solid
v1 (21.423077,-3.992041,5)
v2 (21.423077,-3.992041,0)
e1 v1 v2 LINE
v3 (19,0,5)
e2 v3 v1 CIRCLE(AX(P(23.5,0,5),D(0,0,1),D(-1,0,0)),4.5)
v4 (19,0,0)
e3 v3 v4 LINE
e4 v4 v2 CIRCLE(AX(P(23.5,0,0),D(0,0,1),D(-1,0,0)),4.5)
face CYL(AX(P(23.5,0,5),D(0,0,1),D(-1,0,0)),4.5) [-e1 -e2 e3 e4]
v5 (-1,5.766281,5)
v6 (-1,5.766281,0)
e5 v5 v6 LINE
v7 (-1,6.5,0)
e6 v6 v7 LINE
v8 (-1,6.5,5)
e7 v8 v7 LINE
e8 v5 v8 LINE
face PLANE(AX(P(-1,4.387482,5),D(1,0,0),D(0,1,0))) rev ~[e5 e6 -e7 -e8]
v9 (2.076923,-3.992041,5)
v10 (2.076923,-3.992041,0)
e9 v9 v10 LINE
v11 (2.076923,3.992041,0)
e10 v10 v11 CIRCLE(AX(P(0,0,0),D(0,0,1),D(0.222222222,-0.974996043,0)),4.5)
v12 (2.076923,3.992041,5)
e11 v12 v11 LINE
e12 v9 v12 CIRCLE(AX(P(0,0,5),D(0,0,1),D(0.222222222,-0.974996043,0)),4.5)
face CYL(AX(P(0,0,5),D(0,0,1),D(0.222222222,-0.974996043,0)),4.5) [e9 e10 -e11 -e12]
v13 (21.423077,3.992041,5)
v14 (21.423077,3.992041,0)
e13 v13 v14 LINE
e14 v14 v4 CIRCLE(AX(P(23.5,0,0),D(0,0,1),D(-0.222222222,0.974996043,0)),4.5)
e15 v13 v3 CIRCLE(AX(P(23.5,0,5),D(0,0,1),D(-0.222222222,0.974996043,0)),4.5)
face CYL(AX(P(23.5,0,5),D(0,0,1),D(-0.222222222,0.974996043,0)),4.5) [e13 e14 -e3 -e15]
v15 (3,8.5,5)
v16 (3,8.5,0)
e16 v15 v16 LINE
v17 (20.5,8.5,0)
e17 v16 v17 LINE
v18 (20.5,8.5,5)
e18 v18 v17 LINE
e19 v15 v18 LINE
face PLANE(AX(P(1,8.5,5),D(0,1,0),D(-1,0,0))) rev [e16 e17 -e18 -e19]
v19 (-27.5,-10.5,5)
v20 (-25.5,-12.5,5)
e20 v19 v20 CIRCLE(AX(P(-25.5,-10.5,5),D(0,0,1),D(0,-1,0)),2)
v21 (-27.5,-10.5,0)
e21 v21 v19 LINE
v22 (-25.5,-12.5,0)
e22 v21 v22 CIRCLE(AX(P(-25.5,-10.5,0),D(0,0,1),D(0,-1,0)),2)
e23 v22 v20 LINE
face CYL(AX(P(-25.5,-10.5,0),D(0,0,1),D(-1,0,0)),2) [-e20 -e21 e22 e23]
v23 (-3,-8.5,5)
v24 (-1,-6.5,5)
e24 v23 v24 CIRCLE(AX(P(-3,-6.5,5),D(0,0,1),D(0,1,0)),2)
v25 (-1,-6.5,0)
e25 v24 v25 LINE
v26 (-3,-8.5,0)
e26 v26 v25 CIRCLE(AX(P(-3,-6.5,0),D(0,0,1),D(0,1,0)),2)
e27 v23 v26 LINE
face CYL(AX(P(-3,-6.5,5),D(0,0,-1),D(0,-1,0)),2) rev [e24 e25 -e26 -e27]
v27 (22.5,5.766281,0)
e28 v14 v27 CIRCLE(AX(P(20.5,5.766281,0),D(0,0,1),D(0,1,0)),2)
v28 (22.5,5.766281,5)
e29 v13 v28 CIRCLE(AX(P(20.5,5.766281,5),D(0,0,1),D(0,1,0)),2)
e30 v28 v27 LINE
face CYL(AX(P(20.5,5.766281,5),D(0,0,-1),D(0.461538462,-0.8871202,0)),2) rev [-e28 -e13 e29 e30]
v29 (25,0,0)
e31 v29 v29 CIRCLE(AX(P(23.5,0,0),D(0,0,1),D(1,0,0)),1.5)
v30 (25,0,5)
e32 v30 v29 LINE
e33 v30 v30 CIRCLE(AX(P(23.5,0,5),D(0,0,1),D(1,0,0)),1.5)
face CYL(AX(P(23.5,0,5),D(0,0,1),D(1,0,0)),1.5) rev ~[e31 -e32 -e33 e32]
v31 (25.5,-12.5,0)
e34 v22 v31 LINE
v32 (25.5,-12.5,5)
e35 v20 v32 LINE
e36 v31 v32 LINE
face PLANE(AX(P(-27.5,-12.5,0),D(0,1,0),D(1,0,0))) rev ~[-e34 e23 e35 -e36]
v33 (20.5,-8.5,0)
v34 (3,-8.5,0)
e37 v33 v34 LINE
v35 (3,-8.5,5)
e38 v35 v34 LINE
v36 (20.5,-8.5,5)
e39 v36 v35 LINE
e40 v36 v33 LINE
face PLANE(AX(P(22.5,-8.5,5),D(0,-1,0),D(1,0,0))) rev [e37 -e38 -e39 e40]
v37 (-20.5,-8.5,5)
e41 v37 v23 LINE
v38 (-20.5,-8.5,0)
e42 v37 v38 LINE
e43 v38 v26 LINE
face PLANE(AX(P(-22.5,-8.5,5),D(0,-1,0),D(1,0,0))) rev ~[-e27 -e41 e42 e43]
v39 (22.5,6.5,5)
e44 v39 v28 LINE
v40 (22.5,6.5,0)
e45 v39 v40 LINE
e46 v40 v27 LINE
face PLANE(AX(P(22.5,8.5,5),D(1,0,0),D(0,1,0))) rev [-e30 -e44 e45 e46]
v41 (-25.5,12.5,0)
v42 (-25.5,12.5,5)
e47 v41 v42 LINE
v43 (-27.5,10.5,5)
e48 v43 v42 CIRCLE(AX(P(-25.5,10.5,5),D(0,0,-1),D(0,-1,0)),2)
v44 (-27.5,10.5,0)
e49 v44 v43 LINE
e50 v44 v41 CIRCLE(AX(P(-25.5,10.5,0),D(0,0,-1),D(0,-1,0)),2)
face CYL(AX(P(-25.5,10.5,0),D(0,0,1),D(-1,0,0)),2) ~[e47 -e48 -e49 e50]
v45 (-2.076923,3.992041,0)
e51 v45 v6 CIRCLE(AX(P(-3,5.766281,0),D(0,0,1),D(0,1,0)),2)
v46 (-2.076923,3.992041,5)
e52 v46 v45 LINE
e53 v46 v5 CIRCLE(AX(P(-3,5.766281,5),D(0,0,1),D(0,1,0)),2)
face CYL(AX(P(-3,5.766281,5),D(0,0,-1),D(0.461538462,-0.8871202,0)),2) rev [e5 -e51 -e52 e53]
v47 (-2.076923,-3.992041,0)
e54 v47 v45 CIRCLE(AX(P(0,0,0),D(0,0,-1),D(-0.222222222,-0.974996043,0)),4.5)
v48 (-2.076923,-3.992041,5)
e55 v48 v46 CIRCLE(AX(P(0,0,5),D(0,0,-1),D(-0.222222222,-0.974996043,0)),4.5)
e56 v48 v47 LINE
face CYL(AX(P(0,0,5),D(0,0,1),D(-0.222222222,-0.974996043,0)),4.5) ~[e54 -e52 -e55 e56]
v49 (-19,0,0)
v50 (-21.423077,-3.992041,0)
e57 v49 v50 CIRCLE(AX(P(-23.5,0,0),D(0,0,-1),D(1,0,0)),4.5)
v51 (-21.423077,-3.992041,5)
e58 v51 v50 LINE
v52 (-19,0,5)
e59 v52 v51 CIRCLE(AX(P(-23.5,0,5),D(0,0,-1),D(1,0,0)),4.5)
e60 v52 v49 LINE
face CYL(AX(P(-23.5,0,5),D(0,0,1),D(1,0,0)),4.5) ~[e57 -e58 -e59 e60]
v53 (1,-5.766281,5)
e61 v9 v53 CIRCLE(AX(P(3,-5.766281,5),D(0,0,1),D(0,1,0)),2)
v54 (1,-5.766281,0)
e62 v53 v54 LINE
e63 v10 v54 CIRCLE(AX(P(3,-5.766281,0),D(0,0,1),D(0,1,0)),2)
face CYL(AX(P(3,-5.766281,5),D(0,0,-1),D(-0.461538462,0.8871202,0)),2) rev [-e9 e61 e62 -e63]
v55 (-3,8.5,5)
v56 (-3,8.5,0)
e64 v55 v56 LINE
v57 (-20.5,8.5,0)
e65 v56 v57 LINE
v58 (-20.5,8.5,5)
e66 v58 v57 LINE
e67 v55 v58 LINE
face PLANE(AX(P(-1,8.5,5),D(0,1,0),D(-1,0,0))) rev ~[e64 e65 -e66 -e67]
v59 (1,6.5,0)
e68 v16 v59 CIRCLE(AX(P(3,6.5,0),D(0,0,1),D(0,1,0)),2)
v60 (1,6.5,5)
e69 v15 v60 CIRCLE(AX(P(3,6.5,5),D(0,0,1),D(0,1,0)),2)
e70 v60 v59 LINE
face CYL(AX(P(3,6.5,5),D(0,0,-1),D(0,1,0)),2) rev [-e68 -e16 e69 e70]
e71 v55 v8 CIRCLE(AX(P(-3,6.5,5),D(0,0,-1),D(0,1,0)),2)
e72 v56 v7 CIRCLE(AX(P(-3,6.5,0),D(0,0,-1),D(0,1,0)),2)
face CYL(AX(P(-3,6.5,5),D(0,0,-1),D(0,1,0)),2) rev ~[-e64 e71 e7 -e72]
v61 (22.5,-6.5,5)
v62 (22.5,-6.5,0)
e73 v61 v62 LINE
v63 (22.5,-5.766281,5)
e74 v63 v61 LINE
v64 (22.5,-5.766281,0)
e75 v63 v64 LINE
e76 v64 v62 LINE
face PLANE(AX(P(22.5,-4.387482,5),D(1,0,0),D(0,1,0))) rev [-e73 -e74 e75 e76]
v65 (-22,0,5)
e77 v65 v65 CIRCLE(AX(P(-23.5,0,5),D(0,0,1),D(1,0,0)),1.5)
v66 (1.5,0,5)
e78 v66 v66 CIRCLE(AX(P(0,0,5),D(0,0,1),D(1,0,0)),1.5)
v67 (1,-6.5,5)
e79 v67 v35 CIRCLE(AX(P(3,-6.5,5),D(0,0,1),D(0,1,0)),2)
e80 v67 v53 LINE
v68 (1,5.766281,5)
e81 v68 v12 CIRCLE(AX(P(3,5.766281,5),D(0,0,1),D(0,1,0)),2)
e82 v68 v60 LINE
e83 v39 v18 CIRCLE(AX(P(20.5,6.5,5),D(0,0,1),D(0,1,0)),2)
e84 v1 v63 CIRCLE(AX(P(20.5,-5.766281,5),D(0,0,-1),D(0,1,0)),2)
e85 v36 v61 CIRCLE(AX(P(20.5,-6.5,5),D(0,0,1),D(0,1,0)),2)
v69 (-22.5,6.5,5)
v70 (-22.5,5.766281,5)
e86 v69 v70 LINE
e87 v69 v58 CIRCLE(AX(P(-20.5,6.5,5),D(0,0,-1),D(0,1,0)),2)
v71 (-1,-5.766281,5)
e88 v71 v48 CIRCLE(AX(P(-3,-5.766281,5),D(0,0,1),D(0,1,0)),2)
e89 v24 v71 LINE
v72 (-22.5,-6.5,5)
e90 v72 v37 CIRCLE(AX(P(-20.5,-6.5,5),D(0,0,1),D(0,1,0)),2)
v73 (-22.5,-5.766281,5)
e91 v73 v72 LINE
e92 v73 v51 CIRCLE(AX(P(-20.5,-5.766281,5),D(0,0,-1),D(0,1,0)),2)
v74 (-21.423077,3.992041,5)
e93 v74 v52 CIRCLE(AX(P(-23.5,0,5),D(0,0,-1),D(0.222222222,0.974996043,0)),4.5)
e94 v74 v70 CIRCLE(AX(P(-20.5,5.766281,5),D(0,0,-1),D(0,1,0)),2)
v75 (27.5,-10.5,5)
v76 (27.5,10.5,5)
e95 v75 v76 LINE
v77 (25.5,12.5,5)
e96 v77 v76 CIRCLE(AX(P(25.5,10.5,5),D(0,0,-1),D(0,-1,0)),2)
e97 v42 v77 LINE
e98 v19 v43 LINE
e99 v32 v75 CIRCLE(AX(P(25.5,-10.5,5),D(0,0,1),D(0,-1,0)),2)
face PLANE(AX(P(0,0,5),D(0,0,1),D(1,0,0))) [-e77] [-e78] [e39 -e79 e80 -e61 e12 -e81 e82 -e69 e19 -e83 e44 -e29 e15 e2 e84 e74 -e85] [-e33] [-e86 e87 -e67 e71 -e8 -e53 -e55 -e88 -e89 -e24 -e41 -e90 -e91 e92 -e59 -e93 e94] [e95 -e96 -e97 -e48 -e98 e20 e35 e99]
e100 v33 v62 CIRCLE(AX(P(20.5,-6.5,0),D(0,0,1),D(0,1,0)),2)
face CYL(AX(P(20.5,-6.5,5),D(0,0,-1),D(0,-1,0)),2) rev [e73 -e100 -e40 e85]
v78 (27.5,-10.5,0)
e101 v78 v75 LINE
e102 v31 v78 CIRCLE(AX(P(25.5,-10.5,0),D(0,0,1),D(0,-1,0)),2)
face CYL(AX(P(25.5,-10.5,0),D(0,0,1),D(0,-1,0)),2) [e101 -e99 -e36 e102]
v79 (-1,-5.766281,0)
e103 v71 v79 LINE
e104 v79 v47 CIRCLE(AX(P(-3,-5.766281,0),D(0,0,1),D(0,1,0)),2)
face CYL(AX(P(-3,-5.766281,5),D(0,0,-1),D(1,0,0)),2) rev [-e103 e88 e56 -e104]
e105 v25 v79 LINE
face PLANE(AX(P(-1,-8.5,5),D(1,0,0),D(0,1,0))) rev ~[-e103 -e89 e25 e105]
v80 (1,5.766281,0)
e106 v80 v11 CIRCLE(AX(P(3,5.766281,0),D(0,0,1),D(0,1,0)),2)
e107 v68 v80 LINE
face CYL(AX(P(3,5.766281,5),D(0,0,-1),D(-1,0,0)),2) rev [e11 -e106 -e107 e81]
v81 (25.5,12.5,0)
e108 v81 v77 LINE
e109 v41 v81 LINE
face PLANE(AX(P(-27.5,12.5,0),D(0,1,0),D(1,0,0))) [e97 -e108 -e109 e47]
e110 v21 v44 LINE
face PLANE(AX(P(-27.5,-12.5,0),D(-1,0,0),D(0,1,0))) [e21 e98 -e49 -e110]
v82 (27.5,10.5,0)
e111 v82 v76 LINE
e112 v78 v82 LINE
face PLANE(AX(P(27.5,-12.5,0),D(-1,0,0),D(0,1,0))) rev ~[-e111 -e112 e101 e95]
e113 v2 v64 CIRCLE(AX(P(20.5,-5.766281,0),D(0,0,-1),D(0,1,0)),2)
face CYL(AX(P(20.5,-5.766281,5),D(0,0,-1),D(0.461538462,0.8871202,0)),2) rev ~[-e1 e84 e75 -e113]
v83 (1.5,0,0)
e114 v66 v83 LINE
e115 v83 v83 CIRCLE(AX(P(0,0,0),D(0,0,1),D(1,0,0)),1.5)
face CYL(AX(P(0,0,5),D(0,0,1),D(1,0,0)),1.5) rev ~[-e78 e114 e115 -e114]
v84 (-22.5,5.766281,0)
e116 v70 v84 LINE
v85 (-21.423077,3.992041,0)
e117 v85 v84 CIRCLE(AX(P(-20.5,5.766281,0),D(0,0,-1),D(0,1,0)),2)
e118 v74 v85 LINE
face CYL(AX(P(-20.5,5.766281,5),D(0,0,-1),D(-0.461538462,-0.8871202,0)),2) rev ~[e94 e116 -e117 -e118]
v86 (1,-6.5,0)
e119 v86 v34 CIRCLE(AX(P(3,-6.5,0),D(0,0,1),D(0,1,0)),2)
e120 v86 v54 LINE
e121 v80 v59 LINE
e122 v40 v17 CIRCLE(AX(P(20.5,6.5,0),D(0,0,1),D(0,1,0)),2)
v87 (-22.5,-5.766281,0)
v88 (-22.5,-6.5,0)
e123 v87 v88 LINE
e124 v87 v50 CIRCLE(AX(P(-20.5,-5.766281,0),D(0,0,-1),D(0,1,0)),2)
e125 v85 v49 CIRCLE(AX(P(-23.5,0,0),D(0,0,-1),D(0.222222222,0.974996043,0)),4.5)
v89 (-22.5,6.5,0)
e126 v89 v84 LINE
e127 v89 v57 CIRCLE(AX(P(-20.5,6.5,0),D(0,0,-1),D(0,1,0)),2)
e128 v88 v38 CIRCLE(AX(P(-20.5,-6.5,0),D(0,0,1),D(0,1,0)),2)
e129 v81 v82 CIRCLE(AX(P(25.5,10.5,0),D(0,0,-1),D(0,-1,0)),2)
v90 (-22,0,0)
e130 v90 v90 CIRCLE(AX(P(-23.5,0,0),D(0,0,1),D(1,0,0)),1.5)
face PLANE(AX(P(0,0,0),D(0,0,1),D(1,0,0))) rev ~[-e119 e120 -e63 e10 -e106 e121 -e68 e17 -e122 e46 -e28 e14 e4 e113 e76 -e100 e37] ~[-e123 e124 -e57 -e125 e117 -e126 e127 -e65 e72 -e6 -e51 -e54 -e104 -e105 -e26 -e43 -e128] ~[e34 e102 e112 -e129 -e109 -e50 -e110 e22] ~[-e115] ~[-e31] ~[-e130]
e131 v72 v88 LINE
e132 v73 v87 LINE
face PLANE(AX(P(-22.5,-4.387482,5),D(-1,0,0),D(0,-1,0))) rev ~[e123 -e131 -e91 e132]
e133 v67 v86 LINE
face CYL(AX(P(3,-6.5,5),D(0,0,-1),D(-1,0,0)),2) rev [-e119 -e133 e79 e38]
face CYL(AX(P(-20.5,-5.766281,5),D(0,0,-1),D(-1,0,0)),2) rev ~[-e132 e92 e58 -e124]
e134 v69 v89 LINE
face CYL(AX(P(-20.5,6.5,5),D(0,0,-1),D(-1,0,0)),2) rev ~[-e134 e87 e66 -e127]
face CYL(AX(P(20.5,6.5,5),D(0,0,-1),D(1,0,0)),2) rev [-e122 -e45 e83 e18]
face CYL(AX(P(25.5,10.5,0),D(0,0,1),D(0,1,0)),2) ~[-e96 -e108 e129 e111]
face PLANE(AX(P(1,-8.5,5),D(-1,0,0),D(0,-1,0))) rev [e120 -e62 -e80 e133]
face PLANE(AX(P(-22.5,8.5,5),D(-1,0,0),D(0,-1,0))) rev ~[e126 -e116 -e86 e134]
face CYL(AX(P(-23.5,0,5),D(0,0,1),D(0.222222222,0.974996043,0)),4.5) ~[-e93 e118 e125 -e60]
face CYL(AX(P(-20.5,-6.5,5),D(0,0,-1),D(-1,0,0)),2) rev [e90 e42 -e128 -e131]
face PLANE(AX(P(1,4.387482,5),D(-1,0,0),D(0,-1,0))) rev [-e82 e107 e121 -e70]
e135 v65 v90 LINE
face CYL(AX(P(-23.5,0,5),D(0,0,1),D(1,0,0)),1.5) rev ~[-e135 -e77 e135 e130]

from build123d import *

# Parameters (mm, degrees)
SKETCH_1_W          = 55
SKETCH_1_H          = 25
EXTRUDE_1_DEPTH     = 5
SKETCH_2_R          = 1.5
CUT_EXTRUDE_1_DEPTH = 5
CUT_EXTRUDE_2_DEPTH = 5
FILLET_1_R          = 2
FILLET_2_R          = 2


with BuildPart() as part:
    # 草图1 → 凸台-拉伸1 (new body)
    with BuildSketch(Plane.XY):
        Rectangle(SKETCH_1_W, SKETCH_1_H)
    extrude(amount=EXTRUDE_1_DEPTH)

    # 草图2 → 切除-拉伸1 (cut)
    with BuildSketch(Plane.XY.offset(5)):
        with Locations((-23.5, 0)):
            Circle(SKETCH_2_R)
        Circle(SKETCH_2_R)
        with Locations((23.5, 0)):
            Circle(SKETCH_2_R)
    extrude(amount=-CUT_EXTRUDE_1_DEPTH, mode=Mode.SUBTRACT)

    # 草图3 → 切除-拉伸2 (cut)
    with BuildSketch(Plane.XY.offset(5)):
        with BuildLine():
            Line((-22.5, -4.387482194), (-22.5, -8.5))
            Line((-22.5, -8.5), (-1, -8.5))
            Line((-1, -8.5), (-1, -4.387482194))
            ThreePointArc((-1, -4.387482194), (-4.5, 0), (-1, 4.387482194))
            Line((-1, 4.387482194), (-1, 8.5))
            Line((-1, 8.5), (-22.5, 8.5))
            Line((-22.5, 8.5), (-22.5, 4.387482194))
            ThreePointArc((-22.5, 4.387482194), (-19.98218818, 2.80624304), (-19, 0))
            ThreePointArc((-19, 0), (-19.98218818, -2.80624304), (-22.5, -4.387482194))
        make_face()
    cut_extrude_2 = extrude(amount=-CUT_EXTRUDE_2_DEPTH, mode=Mode.SUBTRACT)

    # 镜向2: 切除-拉伸2 across plane
    add(cut_extrude_2.mirror(Plane(origin=(0, 0, 0), x_dir=(0, 0, 1), z_dir=(1, 0, 0))), mode=Mode.SUBTRACT)

    # 圆角1
    fillet_1_edges = [part.edges().sort_by_distance(p)[0] for p in [
        (-1, 4.387482194, 2.5),
        (-1, -4.387482194, 2.5),
        (-1, -8.5, 2.5),
        (-22.5, -8.5, 2.5),
        (-22.5, -4.387482194, 2.5),
        (-22.5, 4.387482194, 2.5),
        (-22.5, 8.5, 2.5),
        (-1, 8.5, 2.5),
        (1, -4.387482194, 2.5),
        (1, 4.387482194, 2.5),
        (1, 8.5, 2.5),
        (22.5, 8.5, 2.5),
        (22.5, 4.387482194, 2.5),
        (22.5, -4.387482194, 2.5),
        (22.5, -8.5, 2.5),
        (1, -8.5, 2.5),
    ]]
    fillet(fillet_1_edges, radius=FILLET_1_R)

    # 圆角2
    fillet_2_edges = [part.edges().sort_by_distance(p)[0] for p in [
        (27.5, -12.5, 2.5),
        (-27.5, -12.5, 2.5),
        (-27.5, 12.5, 2.5),
        (27.5, 12.5, 2.5),
    ]]
    fillet(fillet_2_edges, radius=FILLET_2_R)


solid = part.part
